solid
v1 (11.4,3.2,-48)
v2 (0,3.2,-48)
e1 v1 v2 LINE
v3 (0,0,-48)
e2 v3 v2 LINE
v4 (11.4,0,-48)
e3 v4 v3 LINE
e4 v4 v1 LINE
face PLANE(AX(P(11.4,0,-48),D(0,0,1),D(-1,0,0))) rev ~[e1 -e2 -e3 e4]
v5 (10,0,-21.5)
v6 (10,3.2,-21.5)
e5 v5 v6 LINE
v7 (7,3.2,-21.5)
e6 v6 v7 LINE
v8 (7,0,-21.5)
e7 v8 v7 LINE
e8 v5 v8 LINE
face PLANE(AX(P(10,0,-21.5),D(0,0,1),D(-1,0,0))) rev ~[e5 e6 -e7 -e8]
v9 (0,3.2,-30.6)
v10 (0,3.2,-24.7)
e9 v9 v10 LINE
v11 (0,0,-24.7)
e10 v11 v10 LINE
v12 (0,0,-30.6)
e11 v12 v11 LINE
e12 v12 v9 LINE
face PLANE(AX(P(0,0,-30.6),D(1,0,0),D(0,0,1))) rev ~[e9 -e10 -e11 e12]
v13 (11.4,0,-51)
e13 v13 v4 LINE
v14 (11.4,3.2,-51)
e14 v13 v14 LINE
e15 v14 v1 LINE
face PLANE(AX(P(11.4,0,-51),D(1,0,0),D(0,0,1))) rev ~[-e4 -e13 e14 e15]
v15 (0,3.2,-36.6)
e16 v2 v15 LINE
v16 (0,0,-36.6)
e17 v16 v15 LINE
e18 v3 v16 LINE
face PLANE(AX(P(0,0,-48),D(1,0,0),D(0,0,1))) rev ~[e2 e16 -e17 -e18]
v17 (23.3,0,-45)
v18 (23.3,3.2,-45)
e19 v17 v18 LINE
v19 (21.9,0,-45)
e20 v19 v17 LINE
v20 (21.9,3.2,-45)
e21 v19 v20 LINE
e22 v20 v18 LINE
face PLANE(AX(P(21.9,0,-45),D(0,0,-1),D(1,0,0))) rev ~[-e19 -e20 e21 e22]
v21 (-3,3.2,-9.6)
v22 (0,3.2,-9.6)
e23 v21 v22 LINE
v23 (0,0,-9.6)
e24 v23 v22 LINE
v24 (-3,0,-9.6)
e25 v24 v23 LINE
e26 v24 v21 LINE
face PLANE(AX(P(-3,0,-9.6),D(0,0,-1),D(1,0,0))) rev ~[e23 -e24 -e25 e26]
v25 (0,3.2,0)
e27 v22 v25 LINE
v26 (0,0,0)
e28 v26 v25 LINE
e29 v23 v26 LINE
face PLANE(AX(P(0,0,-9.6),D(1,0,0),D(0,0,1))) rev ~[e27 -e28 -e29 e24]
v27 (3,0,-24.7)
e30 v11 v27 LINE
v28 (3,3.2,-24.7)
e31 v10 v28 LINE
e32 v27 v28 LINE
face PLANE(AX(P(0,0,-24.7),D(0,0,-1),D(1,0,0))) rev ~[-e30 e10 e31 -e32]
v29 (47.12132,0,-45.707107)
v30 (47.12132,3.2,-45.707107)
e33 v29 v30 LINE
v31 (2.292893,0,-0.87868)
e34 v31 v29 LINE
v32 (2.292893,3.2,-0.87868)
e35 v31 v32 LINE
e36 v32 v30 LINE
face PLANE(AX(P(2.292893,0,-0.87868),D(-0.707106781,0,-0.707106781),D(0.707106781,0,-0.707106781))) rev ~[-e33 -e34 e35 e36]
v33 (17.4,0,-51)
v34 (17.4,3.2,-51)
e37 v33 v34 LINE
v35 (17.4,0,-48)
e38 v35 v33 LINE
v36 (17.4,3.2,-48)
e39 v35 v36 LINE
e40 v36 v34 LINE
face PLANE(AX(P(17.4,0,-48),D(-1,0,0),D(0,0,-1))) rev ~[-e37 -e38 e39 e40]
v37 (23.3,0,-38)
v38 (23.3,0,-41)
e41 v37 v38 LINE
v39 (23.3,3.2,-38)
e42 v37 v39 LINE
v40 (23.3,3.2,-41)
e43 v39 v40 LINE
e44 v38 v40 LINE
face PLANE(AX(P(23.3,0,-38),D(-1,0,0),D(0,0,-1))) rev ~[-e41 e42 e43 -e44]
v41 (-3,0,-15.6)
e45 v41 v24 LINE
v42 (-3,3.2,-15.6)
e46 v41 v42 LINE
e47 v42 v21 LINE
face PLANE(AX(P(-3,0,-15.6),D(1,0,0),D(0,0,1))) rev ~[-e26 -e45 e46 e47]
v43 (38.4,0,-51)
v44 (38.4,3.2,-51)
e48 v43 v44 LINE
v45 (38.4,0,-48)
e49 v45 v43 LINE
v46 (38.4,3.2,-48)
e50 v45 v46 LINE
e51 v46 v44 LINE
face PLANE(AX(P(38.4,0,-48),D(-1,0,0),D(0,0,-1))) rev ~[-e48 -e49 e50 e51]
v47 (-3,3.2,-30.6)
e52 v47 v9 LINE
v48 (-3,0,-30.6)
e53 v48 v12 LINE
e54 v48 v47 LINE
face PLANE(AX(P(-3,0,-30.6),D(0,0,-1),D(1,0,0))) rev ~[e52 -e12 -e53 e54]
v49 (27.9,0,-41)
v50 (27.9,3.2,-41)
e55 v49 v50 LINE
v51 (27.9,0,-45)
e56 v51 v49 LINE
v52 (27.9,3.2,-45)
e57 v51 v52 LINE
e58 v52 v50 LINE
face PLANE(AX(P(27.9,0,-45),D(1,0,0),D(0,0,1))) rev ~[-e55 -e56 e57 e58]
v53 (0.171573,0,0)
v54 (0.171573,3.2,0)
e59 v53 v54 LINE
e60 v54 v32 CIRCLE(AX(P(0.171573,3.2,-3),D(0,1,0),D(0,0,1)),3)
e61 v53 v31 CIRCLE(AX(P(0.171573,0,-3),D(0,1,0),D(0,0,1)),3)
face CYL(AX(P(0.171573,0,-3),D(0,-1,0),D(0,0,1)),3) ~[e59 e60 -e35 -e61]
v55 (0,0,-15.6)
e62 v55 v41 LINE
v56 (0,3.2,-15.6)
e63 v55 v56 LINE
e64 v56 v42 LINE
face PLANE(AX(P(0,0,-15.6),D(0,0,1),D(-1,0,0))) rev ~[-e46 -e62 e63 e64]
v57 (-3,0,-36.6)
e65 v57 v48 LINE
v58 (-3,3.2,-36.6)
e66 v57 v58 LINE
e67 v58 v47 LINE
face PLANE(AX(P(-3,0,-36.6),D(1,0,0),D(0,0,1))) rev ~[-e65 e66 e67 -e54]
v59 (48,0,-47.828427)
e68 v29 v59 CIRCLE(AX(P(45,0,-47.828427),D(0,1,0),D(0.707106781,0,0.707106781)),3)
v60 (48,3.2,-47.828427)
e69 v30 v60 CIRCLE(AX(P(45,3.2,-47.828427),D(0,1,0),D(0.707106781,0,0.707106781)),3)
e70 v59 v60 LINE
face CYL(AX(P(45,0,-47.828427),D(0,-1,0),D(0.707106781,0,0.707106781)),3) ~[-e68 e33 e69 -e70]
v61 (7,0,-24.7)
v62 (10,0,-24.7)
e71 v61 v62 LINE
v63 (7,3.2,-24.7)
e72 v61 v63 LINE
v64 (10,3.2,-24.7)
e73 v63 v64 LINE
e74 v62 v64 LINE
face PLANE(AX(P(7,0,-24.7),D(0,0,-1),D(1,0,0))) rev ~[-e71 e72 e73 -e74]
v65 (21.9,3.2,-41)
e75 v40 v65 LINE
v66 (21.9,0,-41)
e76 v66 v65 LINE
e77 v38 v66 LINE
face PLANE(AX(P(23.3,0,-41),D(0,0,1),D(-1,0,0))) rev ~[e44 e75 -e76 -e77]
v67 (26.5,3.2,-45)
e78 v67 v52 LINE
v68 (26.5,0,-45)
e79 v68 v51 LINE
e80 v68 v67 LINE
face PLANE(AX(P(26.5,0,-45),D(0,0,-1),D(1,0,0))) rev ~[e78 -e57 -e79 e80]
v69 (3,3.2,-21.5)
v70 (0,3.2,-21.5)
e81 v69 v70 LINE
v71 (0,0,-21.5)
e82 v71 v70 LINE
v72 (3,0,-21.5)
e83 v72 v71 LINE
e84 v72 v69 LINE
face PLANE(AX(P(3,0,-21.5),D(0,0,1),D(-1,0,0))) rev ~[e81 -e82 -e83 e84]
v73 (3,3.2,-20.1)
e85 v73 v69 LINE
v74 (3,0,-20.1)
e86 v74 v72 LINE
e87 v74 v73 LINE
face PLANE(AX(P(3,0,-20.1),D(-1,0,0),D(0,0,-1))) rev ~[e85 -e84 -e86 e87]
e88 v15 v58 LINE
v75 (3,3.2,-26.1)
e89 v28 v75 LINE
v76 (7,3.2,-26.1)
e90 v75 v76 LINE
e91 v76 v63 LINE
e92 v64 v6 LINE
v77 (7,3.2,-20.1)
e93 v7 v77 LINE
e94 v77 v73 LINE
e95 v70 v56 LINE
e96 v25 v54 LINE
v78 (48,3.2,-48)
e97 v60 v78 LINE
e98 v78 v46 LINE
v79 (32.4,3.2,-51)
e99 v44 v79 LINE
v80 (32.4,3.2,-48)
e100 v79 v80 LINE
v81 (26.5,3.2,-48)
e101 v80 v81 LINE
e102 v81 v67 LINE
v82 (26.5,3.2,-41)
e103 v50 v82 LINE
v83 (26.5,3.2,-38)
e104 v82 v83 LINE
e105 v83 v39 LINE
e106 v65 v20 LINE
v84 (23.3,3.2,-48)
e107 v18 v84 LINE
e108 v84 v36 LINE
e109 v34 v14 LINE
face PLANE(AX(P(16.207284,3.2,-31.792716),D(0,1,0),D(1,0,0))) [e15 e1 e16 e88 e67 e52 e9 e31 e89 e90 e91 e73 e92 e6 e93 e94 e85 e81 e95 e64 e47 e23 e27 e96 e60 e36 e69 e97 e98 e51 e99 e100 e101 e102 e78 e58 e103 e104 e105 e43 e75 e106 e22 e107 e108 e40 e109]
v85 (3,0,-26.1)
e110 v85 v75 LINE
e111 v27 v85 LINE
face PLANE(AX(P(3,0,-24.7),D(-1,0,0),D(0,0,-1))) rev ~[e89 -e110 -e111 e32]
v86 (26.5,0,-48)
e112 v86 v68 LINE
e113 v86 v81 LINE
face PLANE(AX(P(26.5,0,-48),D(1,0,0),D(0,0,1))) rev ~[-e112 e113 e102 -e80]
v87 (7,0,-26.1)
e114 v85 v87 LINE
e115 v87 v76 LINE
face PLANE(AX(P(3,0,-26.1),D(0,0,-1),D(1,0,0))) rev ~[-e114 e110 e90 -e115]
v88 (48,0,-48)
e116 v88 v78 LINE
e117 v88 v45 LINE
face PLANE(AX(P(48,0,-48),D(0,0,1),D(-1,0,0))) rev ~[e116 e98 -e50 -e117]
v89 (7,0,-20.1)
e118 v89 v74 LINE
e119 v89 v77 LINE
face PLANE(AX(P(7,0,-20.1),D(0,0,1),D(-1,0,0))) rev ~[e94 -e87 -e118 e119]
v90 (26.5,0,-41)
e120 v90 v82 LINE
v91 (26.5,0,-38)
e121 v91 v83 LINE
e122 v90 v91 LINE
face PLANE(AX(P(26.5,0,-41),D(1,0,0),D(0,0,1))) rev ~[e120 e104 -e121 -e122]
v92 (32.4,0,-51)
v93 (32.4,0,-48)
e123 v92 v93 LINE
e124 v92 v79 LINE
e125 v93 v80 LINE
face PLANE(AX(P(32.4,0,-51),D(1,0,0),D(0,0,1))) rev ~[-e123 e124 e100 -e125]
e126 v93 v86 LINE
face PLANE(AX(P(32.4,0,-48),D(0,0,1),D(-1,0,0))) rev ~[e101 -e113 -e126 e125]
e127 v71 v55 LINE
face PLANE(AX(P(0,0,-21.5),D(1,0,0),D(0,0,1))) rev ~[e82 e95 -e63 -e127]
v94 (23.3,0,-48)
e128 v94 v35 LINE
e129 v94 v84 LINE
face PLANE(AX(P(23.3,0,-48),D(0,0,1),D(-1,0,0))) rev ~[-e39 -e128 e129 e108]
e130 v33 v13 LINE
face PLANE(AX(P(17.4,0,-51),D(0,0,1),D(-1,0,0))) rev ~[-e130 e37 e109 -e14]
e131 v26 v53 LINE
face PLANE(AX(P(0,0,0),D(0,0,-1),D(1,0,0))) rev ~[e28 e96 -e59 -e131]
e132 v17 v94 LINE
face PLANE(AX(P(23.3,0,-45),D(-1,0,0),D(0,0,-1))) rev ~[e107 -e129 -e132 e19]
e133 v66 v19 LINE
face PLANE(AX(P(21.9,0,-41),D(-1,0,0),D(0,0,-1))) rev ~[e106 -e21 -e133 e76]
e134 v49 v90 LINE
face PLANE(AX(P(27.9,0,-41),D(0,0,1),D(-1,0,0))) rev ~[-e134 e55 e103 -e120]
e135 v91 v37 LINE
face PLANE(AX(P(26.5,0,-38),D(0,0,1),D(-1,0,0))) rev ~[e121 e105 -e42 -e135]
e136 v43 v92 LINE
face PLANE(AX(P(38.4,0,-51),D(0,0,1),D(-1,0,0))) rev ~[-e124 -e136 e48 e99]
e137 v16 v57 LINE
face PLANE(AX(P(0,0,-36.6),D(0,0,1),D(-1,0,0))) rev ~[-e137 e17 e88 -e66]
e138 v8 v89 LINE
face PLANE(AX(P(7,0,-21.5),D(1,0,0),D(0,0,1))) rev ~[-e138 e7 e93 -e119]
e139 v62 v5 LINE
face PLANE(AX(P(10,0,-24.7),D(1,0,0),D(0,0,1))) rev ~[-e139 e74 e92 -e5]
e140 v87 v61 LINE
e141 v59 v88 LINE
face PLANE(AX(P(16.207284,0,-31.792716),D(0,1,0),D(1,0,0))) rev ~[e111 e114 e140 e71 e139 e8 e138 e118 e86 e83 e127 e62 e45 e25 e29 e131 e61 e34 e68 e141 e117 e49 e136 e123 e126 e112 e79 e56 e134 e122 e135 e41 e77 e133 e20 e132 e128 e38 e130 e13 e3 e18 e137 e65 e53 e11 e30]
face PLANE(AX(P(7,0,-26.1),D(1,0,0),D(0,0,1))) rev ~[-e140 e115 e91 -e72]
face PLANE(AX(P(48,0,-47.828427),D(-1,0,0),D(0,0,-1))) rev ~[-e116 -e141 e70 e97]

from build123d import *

# Parameters (mm, degrees)
SALIENTE_EXTRUIR2_DEPTH = 3.2


with BuildPart() as part:
    # Croquis1 → Saliente-Extruir2 (new body)
    with BuildSketch(Plane(origin=(0, 0, 0), x_dir=(1, 0, 0), z_dir=(0, 1, 0))):
        with BuildLine():
            Line((10, 21.5), (7, 21.5))
            Line((7, 21.5), (7, 20.1))
            Line((7, 20.1), (3, 20.1))
            Line((3, 20.1), (3, 21.5))
            Line((3, 21.5), (0, 21.5))
            Line((0, 21.5), (0, 15.6))
            Line((0, 15.6), (-3, 15.6))
            Line((-3, 15.6), (-3, 9.6))
            Line((-3, 9.6), (0, 9.6))
            Line((0, 9.6), (0, 0))
            Line((0, 0), (0.171572875, 0))
            ThreePointArc((0.171572875, 0), (1.319623172, 0.228361402), (2.292893219, 0.878679656))
            Line((2.292893219, 0.878679656), (47.121320344, 45.707106781))
            ThreePointArc((47.121320344, 45.707106781), (47.771638598, 46.680376828), (48, 47.828427125))
            Line((48, 47.828427125), (48, 48))
            Line((48, 48), (38.4, 48))
            Line((38.4, 48), (38.4, 51))
            Line((38.4, 51), (32.4, 51))
            Line((32.4, 51), (32.4, 48))
            Line((32.4, 48), (26.5, 48))
            Line((26.5, 48), (26.5, 45))
            Line((26.5, 45), (27.9, 45))
            Line((27.9, 45), (27.9, 41))
            Line((27.9, 41), (26.5, 41))
            Line((26.5, 41), (26.5, 38))
            Line((26.5, 38), (23.3, 38))
            Line((23.3, 38), (23.3, 41))
            Line((23.3, 41), (21.9, 41))
            Line((21.9, 41), (21.9, 45))
            Line((21.9, 45), (23.3, 45))
            Line((23.3, 45), (23.3, 48))
            Line((23.3, 48), (17.4, 48))
            Line((17.4, 48), (17.4, 51))
            Line((17.4, 51), (11.4, 51))
            Line((11.4, 51), (11.4, 48))
            Line((11.4, 48), (0, 48))
            Line((0, 48), (0, 36.6))
            Line((0, 36.6), (-3, 36.6))
            Line((-3, 36.6), (-3, 30.6))
            Line((-3, 30.6), (0, 30.6))
            Line((0, 30.6), (0, 24.7))
            Line((0, 24.7), (3, 24.7))
            Line((3, 24.7), (3, 26.1))
            Line((3, 26.1), (7, 26.1))
            Line((7, 26.1), (7, 24.7))
            Line((7, 24.7), (10, 24.7))
            Line((10, 24.7), (10, 21.5))
        make_face()
    extrude(amount=SALIENTE_EXTRUIR2_DEPTH)


solid = part.part
